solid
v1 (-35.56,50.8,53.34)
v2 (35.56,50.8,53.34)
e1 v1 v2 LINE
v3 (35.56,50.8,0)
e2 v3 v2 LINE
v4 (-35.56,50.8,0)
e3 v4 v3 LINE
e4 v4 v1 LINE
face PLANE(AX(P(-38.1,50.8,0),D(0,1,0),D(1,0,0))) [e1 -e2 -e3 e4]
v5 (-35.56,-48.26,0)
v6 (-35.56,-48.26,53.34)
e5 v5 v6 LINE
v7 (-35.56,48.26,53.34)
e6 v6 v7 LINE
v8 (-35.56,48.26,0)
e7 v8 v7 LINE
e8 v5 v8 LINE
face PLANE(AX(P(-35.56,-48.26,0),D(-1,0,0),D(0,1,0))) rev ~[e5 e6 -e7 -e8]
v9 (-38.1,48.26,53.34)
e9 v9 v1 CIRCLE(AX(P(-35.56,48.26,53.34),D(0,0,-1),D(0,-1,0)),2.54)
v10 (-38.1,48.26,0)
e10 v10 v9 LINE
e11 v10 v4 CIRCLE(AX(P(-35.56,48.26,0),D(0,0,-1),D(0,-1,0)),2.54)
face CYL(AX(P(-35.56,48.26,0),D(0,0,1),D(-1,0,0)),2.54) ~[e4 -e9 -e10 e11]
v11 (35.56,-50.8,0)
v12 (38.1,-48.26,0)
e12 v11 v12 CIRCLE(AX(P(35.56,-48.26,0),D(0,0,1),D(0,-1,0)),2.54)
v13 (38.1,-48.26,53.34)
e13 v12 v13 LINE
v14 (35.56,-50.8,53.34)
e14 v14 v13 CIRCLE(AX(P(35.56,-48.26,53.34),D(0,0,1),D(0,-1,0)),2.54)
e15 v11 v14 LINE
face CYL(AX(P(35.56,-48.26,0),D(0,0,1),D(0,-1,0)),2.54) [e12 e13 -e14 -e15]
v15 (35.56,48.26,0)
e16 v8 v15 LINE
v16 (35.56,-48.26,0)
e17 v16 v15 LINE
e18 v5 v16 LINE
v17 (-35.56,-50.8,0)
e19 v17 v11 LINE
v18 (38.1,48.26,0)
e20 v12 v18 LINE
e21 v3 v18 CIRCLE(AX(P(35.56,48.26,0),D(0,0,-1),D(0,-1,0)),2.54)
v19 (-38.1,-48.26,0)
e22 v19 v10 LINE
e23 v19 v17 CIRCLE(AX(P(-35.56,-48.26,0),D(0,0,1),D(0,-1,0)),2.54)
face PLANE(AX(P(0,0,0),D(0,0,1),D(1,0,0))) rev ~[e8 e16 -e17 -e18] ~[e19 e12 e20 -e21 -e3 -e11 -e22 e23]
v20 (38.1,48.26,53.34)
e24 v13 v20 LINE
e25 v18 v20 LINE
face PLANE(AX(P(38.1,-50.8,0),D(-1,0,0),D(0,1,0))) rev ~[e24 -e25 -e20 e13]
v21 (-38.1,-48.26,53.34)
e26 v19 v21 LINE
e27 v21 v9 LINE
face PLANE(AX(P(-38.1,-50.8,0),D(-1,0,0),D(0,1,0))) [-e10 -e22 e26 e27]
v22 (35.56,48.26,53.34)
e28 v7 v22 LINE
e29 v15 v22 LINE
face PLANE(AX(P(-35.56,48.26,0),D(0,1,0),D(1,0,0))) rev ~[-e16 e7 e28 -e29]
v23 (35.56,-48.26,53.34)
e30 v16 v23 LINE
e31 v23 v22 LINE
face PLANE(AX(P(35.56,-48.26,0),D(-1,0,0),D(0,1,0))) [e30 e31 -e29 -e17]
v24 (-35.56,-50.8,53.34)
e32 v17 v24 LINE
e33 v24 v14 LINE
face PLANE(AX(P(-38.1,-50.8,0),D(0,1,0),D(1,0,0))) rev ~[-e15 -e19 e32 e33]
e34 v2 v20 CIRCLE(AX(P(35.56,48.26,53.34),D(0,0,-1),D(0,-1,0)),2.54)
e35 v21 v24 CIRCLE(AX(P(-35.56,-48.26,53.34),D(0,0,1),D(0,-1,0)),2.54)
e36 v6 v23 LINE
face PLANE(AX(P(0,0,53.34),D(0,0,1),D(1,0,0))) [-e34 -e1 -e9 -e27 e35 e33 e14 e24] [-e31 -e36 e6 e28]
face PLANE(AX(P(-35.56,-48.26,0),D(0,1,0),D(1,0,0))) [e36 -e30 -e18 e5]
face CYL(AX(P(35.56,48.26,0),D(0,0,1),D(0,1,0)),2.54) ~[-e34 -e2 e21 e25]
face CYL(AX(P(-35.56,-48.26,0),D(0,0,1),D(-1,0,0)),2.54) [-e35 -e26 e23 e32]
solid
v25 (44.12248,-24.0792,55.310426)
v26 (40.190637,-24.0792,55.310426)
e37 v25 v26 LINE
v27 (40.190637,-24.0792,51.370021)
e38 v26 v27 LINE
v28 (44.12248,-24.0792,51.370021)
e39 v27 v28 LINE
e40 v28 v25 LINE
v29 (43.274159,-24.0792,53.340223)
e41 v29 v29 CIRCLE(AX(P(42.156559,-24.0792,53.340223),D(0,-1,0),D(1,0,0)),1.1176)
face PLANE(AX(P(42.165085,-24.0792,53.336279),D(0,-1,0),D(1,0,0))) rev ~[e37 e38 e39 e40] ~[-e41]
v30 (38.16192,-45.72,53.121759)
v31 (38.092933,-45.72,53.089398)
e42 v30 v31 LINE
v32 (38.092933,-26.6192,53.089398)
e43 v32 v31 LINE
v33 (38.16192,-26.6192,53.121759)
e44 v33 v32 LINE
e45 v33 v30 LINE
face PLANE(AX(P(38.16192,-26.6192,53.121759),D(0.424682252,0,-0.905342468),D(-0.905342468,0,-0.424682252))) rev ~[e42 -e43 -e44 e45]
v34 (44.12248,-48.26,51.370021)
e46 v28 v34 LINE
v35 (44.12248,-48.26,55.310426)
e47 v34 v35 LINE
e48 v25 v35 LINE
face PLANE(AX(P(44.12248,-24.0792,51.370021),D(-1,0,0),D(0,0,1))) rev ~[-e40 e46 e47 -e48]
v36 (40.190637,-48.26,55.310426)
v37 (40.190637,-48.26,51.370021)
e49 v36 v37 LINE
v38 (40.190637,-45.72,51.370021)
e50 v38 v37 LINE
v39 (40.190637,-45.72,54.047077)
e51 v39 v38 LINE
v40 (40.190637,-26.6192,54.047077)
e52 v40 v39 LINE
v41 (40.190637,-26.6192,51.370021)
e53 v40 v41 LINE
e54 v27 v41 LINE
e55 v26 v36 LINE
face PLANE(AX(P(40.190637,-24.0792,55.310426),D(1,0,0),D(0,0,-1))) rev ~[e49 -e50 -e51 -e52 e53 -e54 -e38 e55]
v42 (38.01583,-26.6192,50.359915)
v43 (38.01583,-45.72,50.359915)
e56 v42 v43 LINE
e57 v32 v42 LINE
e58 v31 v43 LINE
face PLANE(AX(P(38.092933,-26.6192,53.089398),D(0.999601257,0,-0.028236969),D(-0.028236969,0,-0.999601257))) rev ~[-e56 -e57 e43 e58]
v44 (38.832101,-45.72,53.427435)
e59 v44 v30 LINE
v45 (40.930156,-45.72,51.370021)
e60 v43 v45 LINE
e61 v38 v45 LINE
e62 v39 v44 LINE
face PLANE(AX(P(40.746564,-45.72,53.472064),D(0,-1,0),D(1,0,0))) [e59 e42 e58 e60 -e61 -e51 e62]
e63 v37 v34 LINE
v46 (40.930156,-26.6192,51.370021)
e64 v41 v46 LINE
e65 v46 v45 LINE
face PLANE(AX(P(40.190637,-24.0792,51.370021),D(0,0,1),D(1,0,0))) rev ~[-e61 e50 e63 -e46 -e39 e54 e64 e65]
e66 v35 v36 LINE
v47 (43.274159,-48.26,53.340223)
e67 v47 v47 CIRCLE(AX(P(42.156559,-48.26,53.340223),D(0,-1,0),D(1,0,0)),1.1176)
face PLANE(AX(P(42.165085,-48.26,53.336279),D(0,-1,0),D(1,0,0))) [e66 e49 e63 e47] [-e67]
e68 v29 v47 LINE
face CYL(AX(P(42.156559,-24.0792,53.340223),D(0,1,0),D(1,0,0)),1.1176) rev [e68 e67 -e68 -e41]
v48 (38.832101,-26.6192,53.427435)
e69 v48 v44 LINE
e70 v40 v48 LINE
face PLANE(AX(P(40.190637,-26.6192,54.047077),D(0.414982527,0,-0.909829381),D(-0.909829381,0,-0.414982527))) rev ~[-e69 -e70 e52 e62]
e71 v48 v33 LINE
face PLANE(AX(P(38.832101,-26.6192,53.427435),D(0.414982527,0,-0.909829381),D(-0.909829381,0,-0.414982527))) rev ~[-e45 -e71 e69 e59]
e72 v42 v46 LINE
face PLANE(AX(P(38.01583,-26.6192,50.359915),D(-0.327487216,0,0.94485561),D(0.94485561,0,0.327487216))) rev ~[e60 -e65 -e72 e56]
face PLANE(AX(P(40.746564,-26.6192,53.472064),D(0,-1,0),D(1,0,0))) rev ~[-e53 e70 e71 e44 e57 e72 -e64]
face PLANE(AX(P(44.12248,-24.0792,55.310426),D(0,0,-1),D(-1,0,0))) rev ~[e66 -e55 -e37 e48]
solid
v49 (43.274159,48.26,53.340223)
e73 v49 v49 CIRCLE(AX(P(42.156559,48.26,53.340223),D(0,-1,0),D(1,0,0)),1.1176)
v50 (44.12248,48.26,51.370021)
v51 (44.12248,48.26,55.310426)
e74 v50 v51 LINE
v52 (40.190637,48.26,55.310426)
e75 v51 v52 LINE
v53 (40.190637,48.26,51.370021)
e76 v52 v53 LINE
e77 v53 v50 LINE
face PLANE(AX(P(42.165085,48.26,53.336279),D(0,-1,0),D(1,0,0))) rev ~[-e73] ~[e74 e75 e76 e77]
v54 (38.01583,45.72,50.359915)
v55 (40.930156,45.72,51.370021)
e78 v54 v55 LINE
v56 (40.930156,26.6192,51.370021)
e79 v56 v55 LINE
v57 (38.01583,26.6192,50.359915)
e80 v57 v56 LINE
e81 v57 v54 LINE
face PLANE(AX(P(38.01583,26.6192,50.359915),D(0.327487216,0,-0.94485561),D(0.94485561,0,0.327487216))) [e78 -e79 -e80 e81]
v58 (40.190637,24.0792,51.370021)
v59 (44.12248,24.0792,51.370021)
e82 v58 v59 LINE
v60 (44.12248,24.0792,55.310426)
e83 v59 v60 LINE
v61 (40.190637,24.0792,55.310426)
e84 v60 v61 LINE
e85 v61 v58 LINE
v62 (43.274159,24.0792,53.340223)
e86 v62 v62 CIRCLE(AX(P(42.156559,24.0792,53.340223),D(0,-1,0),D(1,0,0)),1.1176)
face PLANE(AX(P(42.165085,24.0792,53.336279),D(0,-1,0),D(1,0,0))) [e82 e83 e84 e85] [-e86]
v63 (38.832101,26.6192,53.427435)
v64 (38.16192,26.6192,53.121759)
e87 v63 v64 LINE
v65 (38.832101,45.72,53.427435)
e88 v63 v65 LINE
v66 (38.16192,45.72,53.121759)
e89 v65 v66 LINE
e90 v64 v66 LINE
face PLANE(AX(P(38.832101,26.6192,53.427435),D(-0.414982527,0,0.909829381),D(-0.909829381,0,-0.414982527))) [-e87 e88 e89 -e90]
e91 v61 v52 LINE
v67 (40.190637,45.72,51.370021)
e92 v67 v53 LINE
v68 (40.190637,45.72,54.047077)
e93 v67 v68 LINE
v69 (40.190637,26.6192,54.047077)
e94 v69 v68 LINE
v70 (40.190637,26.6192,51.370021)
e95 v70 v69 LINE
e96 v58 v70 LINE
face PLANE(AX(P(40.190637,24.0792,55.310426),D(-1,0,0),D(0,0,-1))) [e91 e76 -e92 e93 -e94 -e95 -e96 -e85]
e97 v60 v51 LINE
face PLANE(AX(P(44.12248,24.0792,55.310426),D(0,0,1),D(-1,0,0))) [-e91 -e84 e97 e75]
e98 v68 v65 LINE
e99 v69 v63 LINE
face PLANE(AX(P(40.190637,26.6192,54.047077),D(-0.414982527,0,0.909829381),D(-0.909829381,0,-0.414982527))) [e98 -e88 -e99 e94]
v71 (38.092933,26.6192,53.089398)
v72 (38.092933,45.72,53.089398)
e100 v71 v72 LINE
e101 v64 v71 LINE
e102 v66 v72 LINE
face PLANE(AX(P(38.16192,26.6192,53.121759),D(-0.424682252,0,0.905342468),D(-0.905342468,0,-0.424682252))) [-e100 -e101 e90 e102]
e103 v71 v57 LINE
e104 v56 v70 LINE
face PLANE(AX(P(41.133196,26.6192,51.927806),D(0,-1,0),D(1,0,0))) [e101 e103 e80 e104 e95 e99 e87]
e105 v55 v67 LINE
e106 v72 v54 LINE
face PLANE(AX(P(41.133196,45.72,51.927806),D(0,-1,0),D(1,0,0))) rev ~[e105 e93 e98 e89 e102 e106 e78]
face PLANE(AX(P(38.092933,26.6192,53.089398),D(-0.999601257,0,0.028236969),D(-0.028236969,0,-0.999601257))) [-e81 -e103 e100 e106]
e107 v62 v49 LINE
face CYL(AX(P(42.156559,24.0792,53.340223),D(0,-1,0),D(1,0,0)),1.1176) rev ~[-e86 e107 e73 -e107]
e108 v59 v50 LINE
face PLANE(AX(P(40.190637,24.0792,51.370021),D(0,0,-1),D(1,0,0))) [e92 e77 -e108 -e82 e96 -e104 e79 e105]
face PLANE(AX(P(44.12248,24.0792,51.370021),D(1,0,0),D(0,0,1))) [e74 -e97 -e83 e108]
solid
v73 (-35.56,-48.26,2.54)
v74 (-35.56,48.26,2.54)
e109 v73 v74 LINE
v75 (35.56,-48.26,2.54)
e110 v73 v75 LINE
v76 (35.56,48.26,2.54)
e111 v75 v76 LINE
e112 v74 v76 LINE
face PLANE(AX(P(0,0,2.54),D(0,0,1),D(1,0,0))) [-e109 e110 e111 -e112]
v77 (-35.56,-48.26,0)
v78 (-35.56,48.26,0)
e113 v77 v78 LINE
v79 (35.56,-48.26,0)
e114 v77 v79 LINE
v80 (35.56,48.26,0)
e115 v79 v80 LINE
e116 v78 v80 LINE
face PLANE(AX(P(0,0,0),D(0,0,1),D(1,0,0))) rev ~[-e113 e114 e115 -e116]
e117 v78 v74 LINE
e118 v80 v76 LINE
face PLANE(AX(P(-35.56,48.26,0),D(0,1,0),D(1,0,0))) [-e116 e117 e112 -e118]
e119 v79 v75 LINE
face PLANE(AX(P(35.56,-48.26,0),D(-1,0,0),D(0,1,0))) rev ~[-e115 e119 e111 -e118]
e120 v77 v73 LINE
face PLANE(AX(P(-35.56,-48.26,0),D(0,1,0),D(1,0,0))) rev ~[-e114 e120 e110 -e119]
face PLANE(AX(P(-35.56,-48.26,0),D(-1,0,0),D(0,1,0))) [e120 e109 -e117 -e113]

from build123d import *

# Parameters (mm, degrees)
F0_W     = 76.2
F0_H     = 101.6
F0_W_2   = 71.12
F0_H_2   = 96.52
F1_DEPTH = 53.34
F2_DEPTH = 2.54
F3_R     = 2.54
F5_START = 24.0792
F4_R     = 1.1176
F5_DEPTH = 24.1808
F6_START = -24.0792
F6_DEPTH = 24.1808
F7_START = 26.6192
F7_DEPTH = 19.1008
F8_START = -26.6192
F8_DEPTH = 19.1008


with BuildPart() as f1:
    # F0 (on Top) → F1 (new body)
    with BuildSketch(Plane.XY):
        Rectangle(F0_W, F0_H)
        Rectangle(F0_W_2, F0_H_2, mode=Mode.SUBTRACT)
    extrude(amount=F1_DEPTH)

    # F3
    f3_edges = [f1.edges().sort_by_distance(p)[0] for p in [
        (38.1, 50.8, 26.67),
        (38.1, -50.8, 26.67),
        (-38.1, 50.8, 26.67),
        (-38.1, -50.8, 26.67),
    ]]
    fillet(f3_edges, radius=F3_R)


with BuildPart() as f2:
    # F0 (on Top) → F2 (new body)
    with BuildSketch(Plane.XY):
        Rectangle(F0_W_2, F0_H_2)
    extrude(amount=F2_DEPTH)


with BuildPart() as f5:
    # F4 (on Front) → F5 (new body)
    with BuildSketch(Plane.XZ.offset(F5_START)):
        with BuildLine():
            ThreePointArc((43.6170585206, 53.3402232693), (43.1892879745, 54.3729527232), (42.1565585206, 54.8007232693))
            ThreePointArc((42.1565585206, 54.8007232693), (41.813540729, 54.7598707764), (41.4897124367, 54.6395987156))
            ThreePointArc((41.4897124367, 54.6395987156), (40.7051061088, 53.5025382299), (41.2191582331, 52.2202496307))
            ThreePointArc((41.2191582331, 52.2202496307), (41.8726372288, 51.9075862077), (42.5959689009, 51.9473920635))
            ThreePointArc((42.5959689009, 51.9473920635), (43.3344420272, 52.4767125891), (43.6170585206, 53.3402232693))
        make_face()
        with Locations((42.1565585206, 53.3402232693)):
            Circle(F4_R, mode=Mode.SUBTRACT)
        with BuildLine():
            Line((44.122479856, 55.3104255827), (41.1208962703, 55.3104255827))
            Line((41.1208962703, 55.3104255827), (42.1565585206, 54.8007232693))
            ThreePointArc((42.1565585206, 54.8007232693), (43.1892879745, 54.3729527232), (43.6170585206, 53.3402232693))
            ThreePointArc((43.6170585206, 53.3402232693), (43.3344420272, 52.4767125891), (42.5959689009, 51.9473920635))
            Line((42.5959689009, 51.9473920635), (40.9301563026, 51.3700209558))
            Line((40.9301563026, 51.3700209558), (44.122479856, 51.3700209558))
            Line((44.122479856, 51.3700209558), (44.122479856, 55.3104255827))
        make_face()
        with BuildLine():
            Line((40.1906371851, 54.047077149), (40.1906371851, 52.7403943495))
            Line((40.1906371851, 52.7403943495), (41.2191582331, 52.2202496307))
            ThreePointArc((41.2191582331, 52.2202496307), (40.7051061088, 53.5025382299), (41.4897124367, 54.6395987156))
            Line((41.4897124367, 54.6395987156), (40.1906371851, 54.047077149))
        make_face()
        with BuildLine():
            Line((41.2191582331, 52.2202496307), (40.1906371851, 52.7403943495))
            Line((40.1906371851, 52.7403943495), (40.1906371851, 51.3700209558))
            Line((40.1906371851, 51.3700209558), (40.9301563026, 51.3700209558))
            Line((40.9301563026, 51.3700209558), (42.5959689009, 51.9473920635))
            ThreePointArc((42.5959689009, 51.9473920635), (41.8726372288, 51.9075862077), (41.2191582331, 52.2202496307))
        make_face()
        with BuildLine():
            Line((42.1565585206, 54.8007232693), (41.1208962703, 55.3104255827))
            Line((41.1208962703, 55.3104255827), (40.1906371851, 55.3104255827))
            Line((40.1906371851, 55.3104255827), (40.1906371851, 54.047077149))
            Line((40.1906371851, 54.047077149), (41.4897124367, 54.6395987156))
            ThreePointArc((41.4897124367, 54.6395987156), (41.813540729, 54.7598707764), (42.1565585206, 54.8007232693))
        make_face()
    extrude(amount=F5_DEPTH)

    # F4 (on Front) → F7 (join)
    with BuildSketch(Plane.XZ.offset(F7_START)):
        with BuildLine():
            Line((40.1906371851, 54.047077149), (40.1906371851, 52.7403943495))
            Line((40.1906371851, 52.7403943495), (41.2191582331, 52.2202496307))
            ThreePointArc((41.2191582331, 52.2202496307), (40.7051061088, 53.5025382299), (41.4897124367, 54.6395987156))
            Line((41.4897124367, 54.6395987156), (40.1906371851, 54.047077149))
        make_face()
        with BuildLine():
            Line((41.2191582331, 52.2202496307), (40.1906371851, 52.7403943495))
            Line((40.1906371851, 52.7403943495), (40.1906371851, 51.3700209558))
            Line((40.1906371851, 51.3700209558), (40.9301563026, 51.3700209558))
            Line((40.9301563026, 51.3700209558), (42.5959689009, 51.9473920635))
            ThreePointArc((42.5959689009, 51.9473920635), (41.8726372288, 51.9075862077), (41.2191582331, 52.2202496307))
        make_face()
        Polygon((38.1619204926, 53.1217586263), (38.0929333965, 53.0893978387), (38.0158303237, 50.3599147648), (40.9301563026, 51.3700209558), (40.1906371851, 51.3700209558), (40.1906371851, 52.7403943495), (38.8321008147, 53.4274347554), align=None)
        Polygon((40.1906371851, 54.047077149), (38.8321008147, 53.4274347554), (40.1906371851, 52.7403943495), align=None)
    extrude(amount=F7_DEPTH)


with BuildPart() as f6:
    # F4 (on Front) → F6 (new body)
    with BuildSketch(Plane.XZ.offset(F6_START)):
        with BuildLine():
            ThreePointArc((43.6170585206, 53.3402232693), (43.1892879745, 54.3729527232), (42.1565585206, 54.8007232693))
            ThreePointArc((42.1565585206, 54.8007232693), (41.813540729, 54.7598707764), (41.4897124367, 54.6395987156))
            ThreePointArc((41.4897124367, 54.6395987156), (40.7051061088, 53.5025382299), (41.2191582331, 52.2202496307))
            ThreePointArc((41.2191582331, 52.2202496307), (41.8726372288, 51.9075862077), (42.5959689009, 51.9473920635))
            ThreePointArc((42.5959689009, 51.9473920635), (43.3344420272, 52.4767125891), (43.6170585206, 53.3402232693))
        make_face()
        with Locations((42.1565585206, 53.3402232693)):
            Circle(F4_R, mode=Mode.SUBTRACT)
        with BuildLine():
            Line((44.122479856, 55.3104255827), (41.1208962703, 55.3104255827))
            Line((41.1208962703, 55.3104255827), (42.1565585206, 54.8007232693))
            ThreePointArc((42.1565585206, 54.8007232693), (43.1892879745, 54.3729527232), (43.6170585206, 53.3402232693))
            ThreePointArc((43.6170585206, 53.3402232693), (43.3344420272, 52.4767125891), (42.5959689009, 51.9473920635))
            Line((42.5959689009, 51.9473920635), (40.9301563026, 51.3700209558))
            Line((40.9301563026, 51.3700209558), (44.122479856, 51.3700209558))
            Line((44.122479856, 51.3700209558), (44.122479856, 55.3104255827))
        make_face()
        with BuildLine():
            Line((42.1565585206, 54.8007232693), (41.1208962703, 55.3104255827))
            Line((41.1208962703, 55.3104255827), (40.1906371851, 55.3104255827))
            Line((40.1906371851, 55.3104255827), (40.1906371851, 54.047077149))
            Line((40.1906371851, 54.047077149), (41.4897124367, 54.6395987156))
            ThreePointArc((41.4897124367, 54.6395987156), (41.813540729, 54.7598707764), (42.1565585206, 54.8007232693))
        make_face()
        with BuildLine():
            Line((40.1906371851, 54.047077149), (40.1906371851, 52.7403943495))
            Line((40.1906371851, 52.7403943495), (41.2191582331, 52.2202496307))
            ThreePointArc((41.2191582331, 52.2202496307), (40.7051061088, 53.5025382299), (41.4897124367, 54.6395987156))
            Line((41.4897124367, 54.6395987156), (40.1906371851, 54.047077149))
        make_face()
        with BuildLine():
            Line((41.2191582331, 52.2202496307), (40.1906371851, 52.7403943495))
            Line((40.1906371851, 52.7403943495), (40.1906371851, 51.3700209558))
            Line((40.1906371851, 51.3700209558), (40.9301563026, 51.3700209558))
            Line((40.9301563026, 51.3700209558), (42.5959689009, 51.9473920635))
            ThreePointArc((42.5959689009, 51.9473920635), (41.8726372288, 51.9075862077), (41.2191582331, 52.2202496307))
        make_face()
    extrude(amount=-F6_DEPTH)

    # F4 (on Front) → F8 (join)
    with BuildSketch(Plane.XZ.offset(F8_START)):
        with BuildLine():
            Line((41.2191582331, 52.2202496307), (40.1906371851, 52.7403943495))
            Line((40.1906371851, 52.7403943495), (40.1906371851, 51.3700209558))
            Line((40.1906371851, 51.3700209558), (40.9301563026, 51.3700209558))
            Line((40.9301563026, 51.3700209558), (42.5959689009, 51.9473920635))
            ThreePointArc((42.5959689009, 51.9473920635), (41.8726372288, 51.9075862077), (41.2191582331, 52.2202496307))
        make_face()
        Polygon((38.1619204926, 53.1217586263), (38.0929333965, 53.0893978387), (38.0158303237, 50.3599147648), (40.9301563026, 51.3700209558), (40.1906371851, 51.3700209558), (40.1906371851, 52.7403943495), (38.8321008147, 53.4274347554), align=None)
        Polygon((40.1906371851, 54.047077149), (38.8321008147, 53.4274347554), (40.1906371851, 52.7403943495), align=None)
        with BuildLine():
            Line((40.1906371851, 54.047077149), (40.1906371851, 52.7403943495))
            Line((40.1906371851, 52.7403943495), (41.2191582331, 52.2202496307))
            ThreePointArc((41.2191582331, 52.2202496307), (40.7051061088, 53.5025382299), (41.4897124367, 54.6395987156))
            Line((41.4897124367, 54.6395987156), (40.1906371851, 54.047077149))
        make_face()
    extrude(amount=-F8_DEPTH)


solid = Compound([f1.part, f2.part, f5.part, f6.part])
